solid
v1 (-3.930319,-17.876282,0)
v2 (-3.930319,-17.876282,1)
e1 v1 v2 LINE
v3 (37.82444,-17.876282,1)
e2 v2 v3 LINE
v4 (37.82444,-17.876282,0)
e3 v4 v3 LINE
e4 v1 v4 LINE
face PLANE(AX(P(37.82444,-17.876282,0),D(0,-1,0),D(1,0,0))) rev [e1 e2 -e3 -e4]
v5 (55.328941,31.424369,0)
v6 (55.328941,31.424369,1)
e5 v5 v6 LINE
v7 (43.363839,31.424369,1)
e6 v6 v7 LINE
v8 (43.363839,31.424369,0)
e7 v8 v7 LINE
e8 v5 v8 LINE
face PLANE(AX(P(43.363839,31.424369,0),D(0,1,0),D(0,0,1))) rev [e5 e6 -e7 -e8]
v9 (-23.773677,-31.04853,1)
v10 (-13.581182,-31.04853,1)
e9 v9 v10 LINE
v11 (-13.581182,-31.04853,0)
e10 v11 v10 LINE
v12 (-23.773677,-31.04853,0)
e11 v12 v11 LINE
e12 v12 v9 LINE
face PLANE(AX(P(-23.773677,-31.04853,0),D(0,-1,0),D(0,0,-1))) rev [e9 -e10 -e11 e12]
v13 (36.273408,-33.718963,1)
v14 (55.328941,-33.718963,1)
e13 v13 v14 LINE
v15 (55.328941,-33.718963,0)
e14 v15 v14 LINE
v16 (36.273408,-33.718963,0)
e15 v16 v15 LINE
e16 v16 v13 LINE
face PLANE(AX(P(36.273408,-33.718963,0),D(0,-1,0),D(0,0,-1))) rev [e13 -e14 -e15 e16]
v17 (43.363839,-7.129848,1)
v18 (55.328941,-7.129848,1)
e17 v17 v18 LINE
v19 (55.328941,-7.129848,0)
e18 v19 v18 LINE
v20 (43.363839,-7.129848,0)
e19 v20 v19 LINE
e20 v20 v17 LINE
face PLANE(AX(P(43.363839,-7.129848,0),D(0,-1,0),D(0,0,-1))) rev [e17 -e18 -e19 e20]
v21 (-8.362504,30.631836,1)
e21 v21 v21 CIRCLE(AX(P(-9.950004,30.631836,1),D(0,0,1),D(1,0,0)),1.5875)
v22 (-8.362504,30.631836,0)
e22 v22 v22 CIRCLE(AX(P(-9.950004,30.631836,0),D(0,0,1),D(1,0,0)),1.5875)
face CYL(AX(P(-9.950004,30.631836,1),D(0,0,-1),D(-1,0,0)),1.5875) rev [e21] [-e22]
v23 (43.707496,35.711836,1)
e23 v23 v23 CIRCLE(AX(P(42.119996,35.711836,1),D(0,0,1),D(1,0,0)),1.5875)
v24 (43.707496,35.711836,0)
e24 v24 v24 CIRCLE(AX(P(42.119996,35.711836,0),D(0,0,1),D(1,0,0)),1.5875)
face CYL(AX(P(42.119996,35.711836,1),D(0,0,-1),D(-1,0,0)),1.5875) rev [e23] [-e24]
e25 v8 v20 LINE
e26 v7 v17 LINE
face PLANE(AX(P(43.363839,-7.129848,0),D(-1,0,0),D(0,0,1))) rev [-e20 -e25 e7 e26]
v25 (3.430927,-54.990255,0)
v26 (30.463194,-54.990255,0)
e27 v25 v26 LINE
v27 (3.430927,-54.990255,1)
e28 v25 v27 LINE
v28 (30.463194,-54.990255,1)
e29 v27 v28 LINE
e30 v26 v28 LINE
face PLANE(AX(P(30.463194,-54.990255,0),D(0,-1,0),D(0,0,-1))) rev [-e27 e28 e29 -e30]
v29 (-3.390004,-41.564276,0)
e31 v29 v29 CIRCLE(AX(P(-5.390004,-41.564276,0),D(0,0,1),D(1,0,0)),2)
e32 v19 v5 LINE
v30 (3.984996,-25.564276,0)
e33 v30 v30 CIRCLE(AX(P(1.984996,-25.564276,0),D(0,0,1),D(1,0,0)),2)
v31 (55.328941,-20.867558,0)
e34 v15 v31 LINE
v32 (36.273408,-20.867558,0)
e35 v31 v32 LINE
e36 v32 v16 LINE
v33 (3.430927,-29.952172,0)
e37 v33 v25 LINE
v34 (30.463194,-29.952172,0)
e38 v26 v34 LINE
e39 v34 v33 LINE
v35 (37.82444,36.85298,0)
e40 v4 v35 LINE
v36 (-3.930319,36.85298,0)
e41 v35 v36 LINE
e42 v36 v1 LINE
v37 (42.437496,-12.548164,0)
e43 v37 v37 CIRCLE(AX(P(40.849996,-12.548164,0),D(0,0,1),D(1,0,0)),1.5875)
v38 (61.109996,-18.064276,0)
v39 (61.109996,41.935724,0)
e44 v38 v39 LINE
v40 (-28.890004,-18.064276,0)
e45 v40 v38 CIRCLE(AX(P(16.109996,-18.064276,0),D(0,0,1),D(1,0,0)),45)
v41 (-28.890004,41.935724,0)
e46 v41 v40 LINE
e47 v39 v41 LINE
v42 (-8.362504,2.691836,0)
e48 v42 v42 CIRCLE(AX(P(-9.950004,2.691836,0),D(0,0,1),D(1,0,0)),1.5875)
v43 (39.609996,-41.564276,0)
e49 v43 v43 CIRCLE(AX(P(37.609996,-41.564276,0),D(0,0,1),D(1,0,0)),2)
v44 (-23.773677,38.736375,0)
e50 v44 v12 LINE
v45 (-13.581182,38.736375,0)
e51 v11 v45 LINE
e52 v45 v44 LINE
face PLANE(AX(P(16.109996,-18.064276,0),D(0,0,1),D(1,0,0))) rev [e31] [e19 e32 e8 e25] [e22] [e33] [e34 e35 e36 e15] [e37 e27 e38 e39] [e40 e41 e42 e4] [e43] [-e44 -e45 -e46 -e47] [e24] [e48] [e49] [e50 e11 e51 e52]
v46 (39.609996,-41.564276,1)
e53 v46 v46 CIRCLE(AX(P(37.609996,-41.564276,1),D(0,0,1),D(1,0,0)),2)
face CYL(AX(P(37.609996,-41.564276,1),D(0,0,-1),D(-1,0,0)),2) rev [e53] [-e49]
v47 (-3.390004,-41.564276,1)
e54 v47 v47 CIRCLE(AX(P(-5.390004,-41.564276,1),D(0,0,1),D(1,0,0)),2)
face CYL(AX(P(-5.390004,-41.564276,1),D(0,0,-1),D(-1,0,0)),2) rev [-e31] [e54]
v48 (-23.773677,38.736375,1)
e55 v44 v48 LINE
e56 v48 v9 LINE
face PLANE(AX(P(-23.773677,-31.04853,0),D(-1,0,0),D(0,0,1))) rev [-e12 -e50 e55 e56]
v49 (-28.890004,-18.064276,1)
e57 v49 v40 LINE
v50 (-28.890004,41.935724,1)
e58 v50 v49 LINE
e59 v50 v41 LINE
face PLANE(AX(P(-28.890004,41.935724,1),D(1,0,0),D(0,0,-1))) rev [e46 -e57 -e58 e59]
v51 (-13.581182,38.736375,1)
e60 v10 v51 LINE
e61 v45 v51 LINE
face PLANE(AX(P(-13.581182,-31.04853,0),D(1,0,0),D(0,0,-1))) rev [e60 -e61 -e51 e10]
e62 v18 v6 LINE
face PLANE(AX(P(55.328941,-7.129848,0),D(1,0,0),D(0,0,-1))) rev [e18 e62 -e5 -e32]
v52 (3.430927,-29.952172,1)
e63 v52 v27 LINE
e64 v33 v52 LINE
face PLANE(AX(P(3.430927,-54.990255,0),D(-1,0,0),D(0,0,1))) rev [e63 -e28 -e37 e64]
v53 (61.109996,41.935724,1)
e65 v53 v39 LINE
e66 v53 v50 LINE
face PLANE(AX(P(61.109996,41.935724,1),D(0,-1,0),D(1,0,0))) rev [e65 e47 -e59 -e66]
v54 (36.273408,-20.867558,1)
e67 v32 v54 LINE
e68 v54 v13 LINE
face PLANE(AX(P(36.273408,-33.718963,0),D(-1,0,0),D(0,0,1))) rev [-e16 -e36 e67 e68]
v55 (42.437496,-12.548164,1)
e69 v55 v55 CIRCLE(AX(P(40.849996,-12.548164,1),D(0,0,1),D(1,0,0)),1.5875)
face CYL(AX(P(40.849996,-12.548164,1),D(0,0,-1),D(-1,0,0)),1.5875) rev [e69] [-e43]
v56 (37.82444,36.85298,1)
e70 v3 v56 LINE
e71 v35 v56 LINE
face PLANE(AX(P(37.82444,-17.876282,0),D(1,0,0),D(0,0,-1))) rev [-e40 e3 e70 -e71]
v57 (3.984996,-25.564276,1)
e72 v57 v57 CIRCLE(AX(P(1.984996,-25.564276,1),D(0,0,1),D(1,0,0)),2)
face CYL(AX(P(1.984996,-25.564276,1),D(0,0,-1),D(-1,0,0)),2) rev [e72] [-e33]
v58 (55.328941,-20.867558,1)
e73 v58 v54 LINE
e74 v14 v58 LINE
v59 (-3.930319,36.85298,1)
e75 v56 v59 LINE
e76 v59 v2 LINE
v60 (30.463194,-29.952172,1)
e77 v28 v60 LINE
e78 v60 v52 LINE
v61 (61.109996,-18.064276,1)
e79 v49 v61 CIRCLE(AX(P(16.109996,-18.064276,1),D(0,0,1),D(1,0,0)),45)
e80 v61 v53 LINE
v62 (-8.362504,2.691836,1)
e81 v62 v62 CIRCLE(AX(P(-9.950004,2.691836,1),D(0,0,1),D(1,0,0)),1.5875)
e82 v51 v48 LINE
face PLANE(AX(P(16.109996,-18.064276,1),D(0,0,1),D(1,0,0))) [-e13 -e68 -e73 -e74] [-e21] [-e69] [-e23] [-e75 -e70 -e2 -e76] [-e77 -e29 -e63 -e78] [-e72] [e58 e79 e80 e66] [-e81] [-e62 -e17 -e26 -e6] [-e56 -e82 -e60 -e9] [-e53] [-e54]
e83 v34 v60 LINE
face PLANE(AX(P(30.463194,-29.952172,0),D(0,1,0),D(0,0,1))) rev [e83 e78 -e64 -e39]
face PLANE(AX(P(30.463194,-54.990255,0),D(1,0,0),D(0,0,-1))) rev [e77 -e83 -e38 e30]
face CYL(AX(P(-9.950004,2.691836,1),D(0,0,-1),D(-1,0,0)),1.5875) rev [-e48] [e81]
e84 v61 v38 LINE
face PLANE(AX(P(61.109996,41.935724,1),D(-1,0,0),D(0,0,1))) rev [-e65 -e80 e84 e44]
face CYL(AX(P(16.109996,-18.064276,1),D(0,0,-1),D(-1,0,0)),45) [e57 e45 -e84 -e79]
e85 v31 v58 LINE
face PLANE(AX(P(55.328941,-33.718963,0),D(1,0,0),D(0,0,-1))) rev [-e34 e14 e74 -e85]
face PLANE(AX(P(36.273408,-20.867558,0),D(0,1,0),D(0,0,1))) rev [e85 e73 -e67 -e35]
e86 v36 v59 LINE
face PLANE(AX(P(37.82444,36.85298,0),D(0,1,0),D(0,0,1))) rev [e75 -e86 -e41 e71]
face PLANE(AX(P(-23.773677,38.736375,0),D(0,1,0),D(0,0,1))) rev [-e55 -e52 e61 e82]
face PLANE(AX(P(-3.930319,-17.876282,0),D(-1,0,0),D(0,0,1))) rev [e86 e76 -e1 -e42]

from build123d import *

# Parameters (mm, degrees)
SKETCH1_R           = 2
SKETCH1_R_2         = 1.5875
BOSS_EXTRUDE1_DEPTH = 1
SKETCH2_W           = 41.754758497
SKETCH2_H           = 54.729261875
SKETCH2_W_2         = 10.192494114
SKETCH2_H_2         = 69.784905138
SKETCH2_W_3         = 27.032266999
SKETCH2_H_3         = 25.038083368
SKETCH2_W_4         = 11.965101787
SKETCH2_H_4         = 38.554216868
SKETCH2_W_5         = 19.055532475
SKETCH2_H_5         = 12.851405623
CUT_EXTRUDE1_DEPTH  = 2


with BuildPart() as part:
    # Sketch1 → Boss-Extrude1 (new body)
    with BuildSketch(Plane.XY):
        with BuildLine():
            Line((61.109996011, 41.935724429), (61.109996011, -18.064275571))
            ThreePointArc((61.109996011, -18.064275571), (16.109996011, -63.064275571), (-28.890003989, -18.064275571))
            Line((-28.890003989, -18.064275571), (-28.890003989, 41.935724429))
            Line((-28.890003989, 41.935724429), (61.109996011, 41.935724429))
        make_face()
        with Locations((37.609996011, -41.564275571)):
            Circle(SKETCH1_R, mode=Mode.SUBTRACT)
        with Locations((-5.390003989, -41.564275571)):
            Circle(SKETCH1_R, mode=Mode.SUBTRACT)
        with Locations((1.984996011, -25.564275571)):
            Circle(SKETCH1_R, mode=Mode.SUBTRACT)
        with Locations((-9.950003989, 2.691836123)):
            Circle(SKETCH1_R_2, mode=Mode.SUBTRACT)
        with Locations((40.849996011, -12.548163877)):
            Circle(SKETCH1_R_2, mode=Mode.SUBTRACT)
        with Locations((42.119996011, 35.711836123)):
            Circle(SKETCH1_R_2, mode=Mode.SUBTRACT)
        with Locations((-9.950003989, 30.631836123)):
            Circle(SKETCH1_R_2, mode=Mode.SUBTRACT)
    extrude(amount=BOSS_EXTRUDE1_DEPTH)

    # Sketch2 → Cut-Extrude1 (cut, through all)
    with BuildSketch(Plane.XY.offset(1)):
        with Locations((16.947060745, 9.488348719)):
            Rectangle(SKETCH2_W, SKETCH2_H)
        with Locations((-18.677429553, 3.843922739)):
            Rectangle(SKETCH2_W_2, SKETCH2_H_2)
        with Locations((16.947060745, -42.471213668)):
            Rectangle(SKETCH2_W_3, SKETCH2_H_3)
        with Locations((49.346389863, 12.147260227)):
            Rectangle(SKETCH2_W_4, SKETCH2_H_4)
        with Locations((45.801174519, -27.293260477)):
            Rectangle(SKETCH2_W_5, SKETCH2_H_5)
    extrude(amount=-CUT_EXTRUDE1_DEPTH, mode=Mode.SUBTRACT)


solid = part.part
